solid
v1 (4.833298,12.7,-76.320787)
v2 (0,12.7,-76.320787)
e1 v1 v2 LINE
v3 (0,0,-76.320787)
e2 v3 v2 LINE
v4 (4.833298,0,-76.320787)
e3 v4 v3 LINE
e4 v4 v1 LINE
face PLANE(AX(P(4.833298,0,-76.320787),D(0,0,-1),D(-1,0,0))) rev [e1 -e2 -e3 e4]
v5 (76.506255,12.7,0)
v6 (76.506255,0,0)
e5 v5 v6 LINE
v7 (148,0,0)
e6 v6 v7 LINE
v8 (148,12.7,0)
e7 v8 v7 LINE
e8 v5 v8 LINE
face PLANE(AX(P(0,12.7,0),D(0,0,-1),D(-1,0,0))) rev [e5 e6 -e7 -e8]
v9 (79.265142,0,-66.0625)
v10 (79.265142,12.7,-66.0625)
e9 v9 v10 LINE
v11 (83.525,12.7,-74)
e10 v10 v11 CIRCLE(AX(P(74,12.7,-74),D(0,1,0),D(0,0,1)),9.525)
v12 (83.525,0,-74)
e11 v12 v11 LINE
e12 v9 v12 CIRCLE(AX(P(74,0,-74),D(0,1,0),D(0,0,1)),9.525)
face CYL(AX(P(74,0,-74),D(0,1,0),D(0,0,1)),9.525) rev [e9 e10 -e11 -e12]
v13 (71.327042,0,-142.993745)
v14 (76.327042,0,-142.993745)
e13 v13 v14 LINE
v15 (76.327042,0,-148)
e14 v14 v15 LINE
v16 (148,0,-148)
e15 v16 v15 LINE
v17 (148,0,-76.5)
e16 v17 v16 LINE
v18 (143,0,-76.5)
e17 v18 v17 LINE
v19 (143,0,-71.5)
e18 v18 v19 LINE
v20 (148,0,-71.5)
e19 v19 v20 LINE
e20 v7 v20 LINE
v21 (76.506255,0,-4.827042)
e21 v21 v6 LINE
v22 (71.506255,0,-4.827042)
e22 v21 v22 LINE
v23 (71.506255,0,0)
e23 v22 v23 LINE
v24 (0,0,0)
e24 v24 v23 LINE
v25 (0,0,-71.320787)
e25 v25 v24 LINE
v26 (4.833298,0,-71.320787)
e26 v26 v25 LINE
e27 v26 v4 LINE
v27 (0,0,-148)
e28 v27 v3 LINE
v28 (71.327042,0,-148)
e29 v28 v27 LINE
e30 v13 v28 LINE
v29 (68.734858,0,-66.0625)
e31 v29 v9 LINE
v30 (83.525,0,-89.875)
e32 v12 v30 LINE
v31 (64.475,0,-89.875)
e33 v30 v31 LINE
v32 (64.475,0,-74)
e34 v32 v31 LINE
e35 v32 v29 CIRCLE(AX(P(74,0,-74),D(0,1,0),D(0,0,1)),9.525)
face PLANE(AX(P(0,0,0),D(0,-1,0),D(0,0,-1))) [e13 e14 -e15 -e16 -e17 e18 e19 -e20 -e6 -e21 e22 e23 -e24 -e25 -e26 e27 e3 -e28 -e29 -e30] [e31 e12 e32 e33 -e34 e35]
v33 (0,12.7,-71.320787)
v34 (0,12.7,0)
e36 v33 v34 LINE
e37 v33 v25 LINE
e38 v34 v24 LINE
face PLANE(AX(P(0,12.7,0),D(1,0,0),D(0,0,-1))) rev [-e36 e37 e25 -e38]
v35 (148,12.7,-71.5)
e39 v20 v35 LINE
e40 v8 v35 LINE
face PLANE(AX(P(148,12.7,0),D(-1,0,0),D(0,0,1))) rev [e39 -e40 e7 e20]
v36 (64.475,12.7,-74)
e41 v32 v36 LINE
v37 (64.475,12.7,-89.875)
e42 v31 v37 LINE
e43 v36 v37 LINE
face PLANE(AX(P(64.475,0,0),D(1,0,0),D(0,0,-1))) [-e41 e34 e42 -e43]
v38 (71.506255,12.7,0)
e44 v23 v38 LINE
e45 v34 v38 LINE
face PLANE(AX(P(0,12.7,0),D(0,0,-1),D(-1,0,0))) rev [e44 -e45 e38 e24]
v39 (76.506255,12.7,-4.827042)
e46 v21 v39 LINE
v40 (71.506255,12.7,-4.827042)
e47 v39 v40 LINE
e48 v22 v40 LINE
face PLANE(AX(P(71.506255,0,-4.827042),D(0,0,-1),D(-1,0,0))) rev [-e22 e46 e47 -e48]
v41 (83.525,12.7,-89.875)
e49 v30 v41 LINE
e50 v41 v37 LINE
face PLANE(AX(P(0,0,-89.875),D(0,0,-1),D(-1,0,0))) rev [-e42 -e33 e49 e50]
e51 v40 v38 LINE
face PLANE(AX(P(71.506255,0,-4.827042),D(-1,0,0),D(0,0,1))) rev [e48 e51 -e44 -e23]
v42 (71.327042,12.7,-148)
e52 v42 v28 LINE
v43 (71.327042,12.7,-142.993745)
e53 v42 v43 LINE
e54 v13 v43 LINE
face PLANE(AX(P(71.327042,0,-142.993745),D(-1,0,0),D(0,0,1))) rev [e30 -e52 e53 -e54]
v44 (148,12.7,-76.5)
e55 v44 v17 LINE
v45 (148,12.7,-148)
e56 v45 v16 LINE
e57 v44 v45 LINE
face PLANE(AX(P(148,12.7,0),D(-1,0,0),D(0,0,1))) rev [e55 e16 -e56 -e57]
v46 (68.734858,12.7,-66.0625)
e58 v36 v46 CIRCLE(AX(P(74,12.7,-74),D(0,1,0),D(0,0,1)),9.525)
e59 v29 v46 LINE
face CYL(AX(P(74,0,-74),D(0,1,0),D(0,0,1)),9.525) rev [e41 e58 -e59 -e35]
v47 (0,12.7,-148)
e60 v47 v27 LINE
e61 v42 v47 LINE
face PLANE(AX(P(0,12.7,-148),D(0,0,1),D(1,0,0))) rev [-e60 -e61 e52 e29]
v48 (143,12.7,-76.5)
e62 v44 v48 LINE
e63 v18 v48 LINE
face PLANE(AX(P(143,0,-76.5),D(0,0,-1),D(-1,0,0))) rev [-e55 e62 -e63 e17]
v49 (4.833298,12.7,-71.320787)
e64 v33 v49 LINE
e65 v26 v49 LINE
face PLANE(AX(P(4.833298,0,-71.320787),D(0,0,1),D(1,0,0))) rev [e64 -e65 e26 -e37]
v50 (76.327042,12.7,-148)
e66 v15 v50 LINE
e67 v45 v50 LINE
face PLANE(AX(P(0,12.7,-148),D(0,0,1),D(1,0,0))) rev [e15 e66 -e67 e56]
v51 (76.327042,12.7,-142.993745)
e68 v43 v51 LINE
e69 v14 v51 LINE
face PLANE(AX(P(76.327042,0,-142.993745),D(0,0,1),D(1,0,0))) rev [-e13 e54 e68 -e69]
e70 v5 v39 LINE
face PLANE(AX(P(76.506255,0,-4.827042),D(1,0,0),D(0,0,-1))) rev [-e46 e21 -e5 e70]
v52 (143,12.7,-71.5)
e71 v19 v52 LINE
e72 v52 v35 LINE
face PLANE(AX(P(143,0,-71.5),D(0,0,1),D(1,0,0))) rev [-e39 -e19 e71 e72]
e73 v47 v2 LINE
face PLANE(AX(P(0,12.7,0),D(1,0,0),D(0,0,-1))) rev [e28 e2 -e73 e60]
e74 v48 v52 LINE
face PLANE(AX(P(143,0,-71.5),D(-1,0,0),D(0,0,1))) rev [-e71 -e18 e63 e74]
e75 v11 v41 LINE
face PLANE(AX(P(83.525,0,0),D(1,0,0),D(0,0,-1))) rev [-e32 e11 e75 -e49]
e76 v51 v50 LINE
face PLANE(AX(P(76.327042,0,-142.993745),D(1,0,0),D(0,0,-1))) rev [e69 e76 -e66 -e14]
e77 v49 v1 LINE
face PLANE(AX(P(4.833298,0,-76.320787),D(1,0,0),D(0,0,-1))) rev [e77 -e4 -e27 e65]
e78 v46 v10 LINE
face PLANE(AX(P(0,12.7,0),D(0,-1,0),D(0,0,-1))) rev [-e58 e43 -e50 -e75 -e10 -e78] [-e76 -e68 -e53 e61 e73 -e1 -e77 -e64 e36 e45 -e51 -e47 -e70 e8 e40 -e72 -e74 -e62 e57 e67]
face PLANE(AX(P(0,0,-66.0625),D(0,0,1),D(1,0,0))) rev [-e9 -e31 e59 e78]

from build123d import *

# Parameters (mm, degrees)
SKETCH1_W           = 148
SKETCH1_H           = 148
BOSS_EXTRUDE1_DEPTH = 12.7
SKETCH2_W           = 10.53028371
SKETCH2_H           = 7.9375
CUT_EXTRUDE1_DEPTH  = 12.7
SKETCH4_W           = 10
SKETCH4_H           = 5
CUT_EXTRUDE2_DEPTH  = 210.688554766
CIRPATTERN1_COUNT   = 4


with BuildPart() as part:
    # Sketch1 → Boss-Extrude1 (new body)
    with BuildSketch(Plane(origin=(0, 0, 0), x_dir=(1, 0, 0), z_dir=(0, 1, 0))):
        with Locations((74, 74)):
            Rectangle(SKETCH1_W, SKETCH1_H)
    extrude(amount=BOSS_EXTRUDE1_DEPTH)

    # Sketch2 → Cut-Extrude1 (cut)
    with BuildSketch(Plane(origin=(0, 12.7, 0), x_dir=(1, 0, 0), z_dir=(0, 1, 0))):
        with BuildLine():
            ThreePointArc((79.265141855, 81.9375), (82.392737967, 78.504173), (83.525, 74))
            Line((83.525, 74), (83.525, 89.875))
            Line((83.525, 89.875), (64.475, 89.875))
            Line((64.475, 89.875), (64.475, 74))
            ThreePointArc((64.475, 74), (65.607262033, 78.504173), (68.734858145, 81.9375))
            ThreePointArc((68.734858145, 81.9375), (74, 83.525), (79.265141855, 81.9375))
        make_face()
        with BuildLine():
            ThreePointArc((79.265141855, 66.0625), (82.392737967, 69.495827), (83.525, 74))
            Line((83.525, 74), (79.265141855, 74))
            Line((79.265141855, 74), (79.265141855, 66.0625))
        make_face()
        with BuildLine():
            Line((79.265141855, 74), (83.525, 74))
            ThreePointArc((83.525, 74), (82.392737967, 78.504173), (79.265141855, 81.9375))
            Line((79.265141855, 81.9375), (79.265141855, 74))
        make_face()
        with BuildLine():
            Line((68.734858145, 66.0625), (68.734858145, 74))
            Line((68.734858145, 74), (64.475, 74))
            ThreePointArc((64.475, 74), (65.607262033, 69.495827), (68.734858145, 66.0625))
        make_face()
        with BuildLine():
            Line((64.475, 74), (68.734858145, 74))
            Line((68.734858145, 74), (68.734858145, 81.9375))
            ThreePointArc((68.734858145, 81.9375), (65.607262033, 78.504173), (64.475, 74))
        make_face()
        with Locations((74, 77.96875)):
            Rectangle(SKETCH2_W, SKETCH2_H)
        with BuildLine():
            Line((68.734858145, 81.9375), (79.265141855, 81.9375))
            ThreePointArc((79.265141855, 81.9375), (74, 83.525), (68.734858145, 81.9375))
        make_face()
        with BuildLine():
            ThreePointArc((79.265141855, 66.0625), (82.392737967, 69.495827), (83.525, 74))
            Line((83.525, 74), (79.265141855, 74))
            Line((79.265141855, 74), (79.265141855, 66.0625))
        make_face()
        with BuildLine():
            Line((79.265141855, 74), (83.525, 74))
            ThreePointArc((83.525, 74), (82.392737967, 78.504173), (79.265141855, 81.9375))
            Line((79.265141855, 81.9375), (79.265141855, 74))
        make_face()
        with BuildLine():
            Line((68.734858145, 66.0625), (68.734858145, 74))
            Line((68.734858145, 74), (64.475, 74))
            ThreePointArc((64.475, 74), (65.607262033, 69.495827), (68.734858145, 66.0625))
        make_face()
        with BuildLine():
            Line((64.475, 74), (68.734858145, 74))
            Line((68.734858145, 74), (68.734858145, 81.9375))
            ThreePointArc((68.734858145, 81.9375), (65.607262033, 78.504173), (64.475, 74))
        make_face()
        with Locations((74, 70.03125)):
            Rectangle(SKETCH2_W, SKETCH2_H)
    extrude(amount=-CUT_EXTRUDE1_DEPTH, mode=Mode.SUBTRACT)

    # Sketch4 → Cut-Extrude2 (cut, through all)
    with BuildSketch(Plane(origin=(0, 12.7, 0), x_dir=(1, 0, 0), z_dir=(0, 1, 0))):
        with Locations((148, 74)):
            Rectangle(SKETCH4_W, SKETCH4_H)
    cut_extrude2 = extrude(amount=-CUT_EXTRUDE2_DEPTH, mode=Mode.SUBTRACT)

    # CirPattern1: Cut-Extrude2 ×4 about axis
    cirpattern1_axis = Axis((73.916648848, 12.7, -73.910393573), (0, 1, 0))
    for i in range(1, CIRPATTERN1_COUNT):
        add(cut_extrude2.rotate(cirpattern1_axis, i * 360 / CIRPATTERN1_COUNT), mode=Mode.SUBTRACT)


solid = part.part
